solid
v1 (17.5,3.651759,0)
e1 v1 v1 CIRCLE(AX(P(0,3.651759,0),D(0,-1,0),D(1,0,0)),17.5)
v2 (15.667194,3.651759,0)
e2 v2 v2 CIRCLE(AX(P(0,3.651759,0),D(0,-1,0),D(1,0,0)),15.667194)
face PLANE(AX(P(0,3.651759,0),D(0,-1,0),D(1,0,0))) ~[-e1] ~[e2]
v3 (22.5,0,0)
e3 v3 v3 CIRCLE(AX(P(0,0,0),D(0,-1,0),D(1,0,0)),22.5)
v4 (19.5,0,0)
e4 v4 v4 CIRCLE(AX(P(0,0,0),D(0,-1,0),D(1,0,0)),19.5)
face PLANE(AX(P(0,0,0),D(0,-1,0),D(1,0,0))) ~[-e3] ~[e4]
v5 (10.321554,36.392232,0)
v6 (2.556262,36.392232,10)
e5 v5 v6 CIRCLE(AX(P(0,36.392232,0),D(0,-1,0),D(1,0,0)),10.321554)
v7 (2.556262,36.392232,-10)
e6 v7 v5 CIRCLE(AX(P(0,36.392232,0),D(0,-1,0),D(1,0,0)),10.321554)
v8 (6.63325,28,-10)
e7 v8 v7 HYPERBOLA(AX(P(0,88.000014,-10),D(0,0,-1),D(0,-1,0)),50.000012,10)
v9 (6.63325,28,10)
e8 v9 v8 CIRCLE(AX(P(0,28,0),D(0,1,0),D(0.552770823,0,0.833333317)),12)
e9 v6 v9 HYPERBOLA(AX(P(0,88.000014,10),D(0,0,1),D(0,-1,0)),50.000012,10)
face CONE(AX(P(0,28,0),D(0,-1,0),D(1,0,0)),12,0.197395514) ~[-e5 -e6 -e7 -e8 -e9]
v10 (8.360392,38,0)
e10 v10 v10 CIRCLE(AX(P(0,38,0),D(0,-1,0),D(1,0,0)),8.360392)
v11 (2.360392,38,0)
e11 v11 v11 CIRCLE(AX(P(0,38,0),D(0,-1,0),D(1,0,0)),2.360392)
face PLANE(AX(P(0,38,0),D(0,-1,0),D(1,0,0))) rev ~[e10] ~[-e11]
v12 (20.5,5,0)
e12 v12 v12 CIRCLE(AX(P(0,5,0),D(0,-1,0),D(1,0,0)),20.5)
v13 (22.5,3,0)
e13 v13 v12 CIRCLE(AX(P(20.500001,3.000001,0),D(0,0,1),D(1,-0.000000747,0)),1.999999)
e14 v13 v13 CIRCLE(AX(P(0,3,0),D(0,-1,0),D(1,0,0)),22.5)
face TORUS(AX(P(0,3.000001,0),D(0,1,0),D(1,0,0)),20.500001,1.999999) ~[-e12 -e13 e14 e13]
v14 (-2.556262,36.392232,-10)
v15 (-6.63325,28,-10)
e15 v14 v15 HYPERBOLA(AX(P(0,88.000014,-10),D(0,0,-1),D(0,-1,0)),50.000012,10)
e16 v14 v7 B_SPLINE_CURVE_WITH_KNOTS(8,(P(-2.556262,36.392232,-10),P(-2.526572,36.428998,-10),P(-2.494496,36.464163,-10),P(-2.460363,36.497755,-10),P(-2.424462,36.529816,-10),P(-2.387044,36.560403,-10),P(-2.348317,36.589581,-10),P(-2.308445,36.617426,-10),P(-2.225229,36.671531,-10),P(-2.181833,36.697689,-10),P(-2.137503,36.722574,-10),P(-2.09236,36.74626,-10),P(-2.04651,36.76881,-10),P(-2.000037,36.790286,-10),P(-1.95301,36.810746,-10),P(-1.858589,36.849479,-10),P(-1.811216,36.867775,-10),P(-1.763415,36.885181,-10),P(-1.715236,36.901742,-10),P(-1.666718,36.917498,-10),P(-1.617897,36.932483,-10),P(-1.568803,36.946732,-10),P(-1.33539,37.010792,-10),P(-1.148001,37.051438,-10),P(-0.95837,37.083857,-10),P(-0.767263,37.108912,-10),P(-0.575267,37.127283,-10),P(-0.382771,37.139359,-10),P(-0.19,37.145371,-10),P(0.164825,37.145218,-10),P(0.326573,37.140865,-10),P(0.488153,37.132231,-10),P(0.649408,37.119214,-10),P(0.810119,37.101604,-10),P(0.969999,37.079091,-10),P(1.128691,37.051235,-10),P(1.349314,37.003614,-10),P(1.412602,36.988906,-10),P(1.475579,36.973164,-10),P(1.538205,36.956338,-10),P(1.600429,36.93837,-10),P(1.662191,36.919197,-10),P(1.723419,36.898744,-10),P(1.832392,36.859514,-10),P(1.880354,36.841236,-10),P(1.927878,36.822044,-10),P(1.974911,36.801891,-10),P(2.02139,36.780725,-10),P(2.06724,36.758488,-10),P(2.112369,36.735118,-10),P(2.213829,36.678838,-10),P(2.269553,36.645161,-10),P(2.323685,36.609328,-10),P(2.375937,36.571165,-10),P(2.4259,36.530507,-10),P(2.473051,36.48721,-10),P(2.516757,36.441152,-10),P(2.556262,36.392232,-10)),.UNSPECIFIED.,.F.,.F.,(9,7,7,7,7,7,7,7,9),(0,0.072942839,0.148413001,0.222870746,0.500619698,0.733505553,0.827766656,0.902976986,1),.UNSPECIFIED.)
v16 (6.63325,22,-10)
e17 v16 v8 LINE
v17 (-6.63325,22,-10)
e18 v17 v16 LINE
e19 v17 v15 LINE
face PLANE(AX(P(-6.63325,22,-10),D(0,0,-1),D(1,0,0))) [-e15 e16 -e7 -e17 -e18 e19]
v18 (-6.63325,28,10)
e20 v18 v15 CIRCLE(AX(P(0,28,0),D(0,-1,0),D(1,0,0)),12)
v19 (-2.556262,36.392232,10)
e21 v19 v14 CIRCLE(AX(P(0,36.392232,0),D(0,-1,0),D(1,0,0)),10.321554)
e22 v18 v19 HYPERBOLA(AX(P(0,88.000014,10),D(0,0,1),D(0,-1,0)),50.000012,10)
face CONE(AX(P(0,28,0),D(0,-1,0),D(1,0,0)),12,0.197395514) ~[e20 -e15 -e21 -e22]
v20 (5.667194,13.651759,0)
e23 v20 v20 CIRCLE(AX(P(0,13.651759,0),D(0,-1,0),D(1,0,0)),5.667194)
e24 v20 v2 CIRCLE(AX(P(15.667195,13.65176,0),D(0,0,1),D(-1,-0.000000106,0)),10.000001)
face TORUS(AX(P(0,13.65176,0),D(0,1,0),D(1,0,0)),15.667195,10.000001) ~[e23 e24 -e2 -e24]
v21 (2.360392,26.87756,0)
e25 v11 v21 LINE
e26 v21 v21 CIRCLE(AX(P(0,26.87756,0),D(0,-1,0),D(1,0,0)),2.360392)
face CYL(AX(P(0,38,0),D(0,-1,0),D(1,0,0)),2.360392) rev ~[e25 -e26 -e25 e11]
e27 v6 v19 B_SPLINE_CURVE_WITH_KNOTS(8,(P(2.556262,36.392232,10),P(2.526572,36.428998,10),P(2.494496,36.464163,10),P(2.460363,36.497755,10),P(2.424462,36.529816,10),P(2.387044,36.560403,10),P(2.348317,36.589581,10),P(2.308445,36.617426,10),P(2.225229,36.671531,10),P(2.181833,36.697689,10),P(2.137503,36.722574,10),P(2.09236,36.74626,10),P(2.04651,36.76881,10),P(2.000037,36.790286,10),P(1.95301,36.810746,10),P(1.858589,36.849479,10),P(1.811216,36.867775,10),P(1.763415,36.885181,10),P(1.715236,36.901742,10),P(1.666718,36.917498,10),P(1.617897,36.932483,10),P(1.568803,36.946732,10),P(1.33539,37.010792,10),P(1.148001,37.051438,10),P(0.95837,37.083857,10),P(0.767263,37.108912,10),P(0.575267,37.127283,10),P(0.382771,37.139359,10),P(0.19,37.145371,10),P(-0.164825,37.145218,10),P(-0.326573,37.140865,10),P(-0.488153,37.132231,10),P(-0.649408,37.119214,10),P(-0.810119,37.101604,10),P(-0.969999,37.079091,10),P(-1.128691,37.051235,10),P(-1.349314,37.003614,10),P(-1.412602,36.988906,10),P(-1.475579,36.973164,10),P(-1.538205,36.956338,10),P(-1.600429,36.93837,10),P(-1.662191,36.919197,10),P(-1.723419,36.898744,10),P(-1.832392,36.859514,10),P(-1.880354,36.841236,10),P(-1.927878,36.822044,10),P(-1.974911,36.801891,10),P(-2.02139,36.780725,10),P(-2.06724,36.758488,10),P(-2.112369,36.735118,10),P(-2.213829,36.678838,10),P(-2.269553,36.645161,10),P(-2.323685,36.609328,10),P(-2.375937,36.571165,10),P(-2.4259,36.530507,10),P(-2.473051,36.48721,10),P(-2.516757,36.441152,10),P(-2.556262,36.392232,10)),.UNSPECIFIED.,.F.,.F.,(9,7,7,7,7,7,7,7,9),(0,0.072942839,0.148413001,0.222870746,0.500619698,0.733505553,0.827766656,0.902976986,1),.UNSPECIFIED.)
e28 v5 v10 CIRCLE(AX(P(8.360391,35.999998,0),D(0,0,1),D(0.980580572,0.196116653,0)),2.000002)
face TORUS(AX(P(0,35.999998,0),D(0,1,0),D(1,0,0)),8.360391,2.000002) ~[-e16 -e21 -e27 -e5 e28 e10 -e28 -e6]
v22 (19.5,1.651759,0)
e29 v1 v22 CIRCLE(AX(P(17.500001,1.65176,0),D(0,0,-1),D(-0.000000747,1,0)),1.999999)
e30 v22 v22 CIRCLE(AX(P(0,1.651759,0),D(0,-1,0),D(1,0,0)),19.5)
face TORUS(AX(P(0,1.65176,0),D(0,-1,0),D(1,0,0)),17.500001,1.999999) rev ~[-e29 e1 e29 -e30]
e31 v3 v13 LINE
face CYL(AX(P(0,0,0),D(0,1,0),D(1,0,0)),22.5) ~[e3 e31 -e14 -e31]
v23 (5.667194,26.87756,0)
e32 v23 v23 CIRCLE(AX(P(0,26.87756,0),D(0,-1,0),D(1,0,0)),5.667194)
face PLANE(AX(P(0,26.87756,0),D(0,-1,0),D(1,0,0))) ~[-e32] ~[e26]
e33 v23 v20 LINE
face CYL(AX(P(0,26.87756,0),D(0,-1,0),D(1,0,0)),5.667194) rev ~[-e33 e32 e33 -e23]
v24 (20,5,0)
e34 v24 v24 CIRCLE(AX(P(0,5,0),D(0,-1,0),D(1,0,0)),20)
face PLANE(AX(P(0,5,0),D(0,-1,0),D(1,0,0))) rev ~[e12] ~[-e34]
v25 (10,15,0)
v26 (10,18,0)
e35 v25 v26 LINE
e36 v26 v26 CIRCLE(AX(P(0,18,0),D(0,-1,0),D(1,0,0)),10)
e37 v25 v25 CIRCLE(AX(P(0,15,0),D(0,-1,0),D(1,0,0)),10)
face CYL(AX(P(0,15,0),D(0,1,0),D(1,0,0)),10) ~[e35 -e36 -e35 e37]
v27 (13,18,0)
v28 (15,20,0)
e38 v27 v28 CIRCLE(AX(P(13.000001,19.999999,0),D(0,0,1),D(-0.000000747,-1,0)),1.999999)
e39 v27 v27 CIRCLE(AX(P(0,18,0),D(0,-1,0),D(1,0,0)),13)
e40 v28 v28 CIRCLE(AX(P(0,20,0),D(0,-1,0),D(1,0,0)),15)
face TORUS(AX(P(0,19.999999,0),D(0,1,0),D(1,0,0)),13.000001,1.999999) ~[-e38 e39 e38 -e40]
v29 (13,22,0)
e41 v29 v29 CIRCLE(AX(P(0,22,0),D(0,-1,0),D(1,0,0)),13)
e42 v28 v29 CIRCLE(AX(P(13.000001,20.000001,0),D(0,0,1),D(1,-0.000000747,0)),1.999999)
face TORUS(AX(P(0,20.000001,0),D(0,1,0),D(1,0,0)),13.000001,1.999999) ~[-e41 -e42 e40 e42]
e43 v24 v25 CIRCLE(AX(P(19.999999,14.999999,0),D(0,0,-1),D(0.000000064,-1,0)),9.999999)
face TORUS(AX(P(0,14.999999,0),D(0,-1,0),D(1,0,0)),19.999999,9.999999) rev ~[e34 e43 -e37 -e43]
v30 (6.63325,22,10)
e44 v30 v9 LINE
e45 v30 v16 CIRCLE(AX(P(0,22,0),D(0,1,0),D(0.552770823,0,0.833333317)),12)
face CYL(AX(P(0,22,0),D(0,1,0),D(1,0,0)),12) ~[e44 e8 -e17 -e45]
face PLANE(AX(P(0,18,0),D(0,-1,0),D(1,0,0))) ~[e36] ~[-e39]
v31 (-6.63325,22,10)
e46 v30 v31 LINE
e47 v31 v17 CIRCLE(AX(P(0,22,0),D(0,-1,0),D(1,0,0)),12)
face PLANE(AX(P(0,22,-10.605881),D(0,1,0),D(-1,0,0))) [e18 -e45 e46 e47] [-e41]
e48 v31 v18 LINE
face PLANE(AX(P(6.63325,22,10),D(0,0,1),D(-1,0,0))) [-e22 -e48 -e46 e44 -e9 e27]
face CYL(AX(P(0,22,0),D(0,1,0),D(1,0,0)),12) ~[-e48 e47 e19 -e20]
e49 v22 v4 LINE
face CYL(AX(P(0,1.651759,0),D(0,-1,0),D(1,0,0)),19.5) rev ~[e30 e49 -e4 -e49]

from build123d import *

# Parameters (mm, degrees)
F3_DEPTH = 25


with BuildPart() as f1:
    # F0 (on Top) → F1 (revolve)
    with BuildSketch(Plane.XY):
        with BuildLine():
            Line((19.5, 1.651759), (19.5, 0))
            Line((19.5, 0), (22.5, 0))
            Line((22.5, 0), (22.5, 3))
            ThreePointArc((22.5, 3), (21.914214, 4.414214), (20.5, 5))
            Line((20.5, 5), (20, 5))
            ThreePointArc((20, 5), (12.928932, 7.928932), (10, 15))
            Line((10, 15), (10, 18))
            Line((10, 18), (13, 18))
            ThreePointArc((13, 18), (14.414214, 18.585786), (15, 20))
            ThreePointArc((15, 20), (14.414214, 21.414214), (13, 22))
            Line((13, 22), (12, 22))
            Line((12, 22), (12, 28))
            Line((12, 28), (10.321554, 36.392232))
            ThreePointArc((10.321554, 36.392232), (9.62837, 37.546684), (8.360392, 38))
            Line((8.360392, 38), (2.360392, 38))
            Line((2.360392, 38), (2.360392, 26.87756))
            Line((2.360392, 26.87756), (5.667194, 26.87756))
            Line((5.667194, 26.87756), (5.667194, 13.651759))
            ThreePointArc((5.667194, 13.651759), (8.596126, 6.580692), (15.667194, 3.651759))
            Line((15.667194, 3.651759), (17.5, 3.651759))
            ThreePointArc((17.5, 3.651759), (18.914214, 3.065973), (19.5, 1.651759))
        make_face()
    revolve(axis=Axis((0, 19.886955, 0), (0, -1, 0)))

    # F2 (on face) → F3 (cut)
    with BuildSketch(Plane(origin=(0, 22, 0), x_dir=(-1, 0, 0), z_dir=(0, 1, 0))):
        with BuildLine():
            ThreePointArc((6.63325, 10), (0, 12), (-6.63325, 10))
            Line((-6.63325, 10), (6.63325, 10))
        make_face()
        with BuildLine():
            Line((6.63325, -10), (-6.63325, -10))
            ThreePointArc((-6.63325, -10), (0, -12), (6.63325, -10))
        make_face()
    extrude(amount=F3_DEPTH, mode=Mode.SUBTRACT)


solid = f1.part
